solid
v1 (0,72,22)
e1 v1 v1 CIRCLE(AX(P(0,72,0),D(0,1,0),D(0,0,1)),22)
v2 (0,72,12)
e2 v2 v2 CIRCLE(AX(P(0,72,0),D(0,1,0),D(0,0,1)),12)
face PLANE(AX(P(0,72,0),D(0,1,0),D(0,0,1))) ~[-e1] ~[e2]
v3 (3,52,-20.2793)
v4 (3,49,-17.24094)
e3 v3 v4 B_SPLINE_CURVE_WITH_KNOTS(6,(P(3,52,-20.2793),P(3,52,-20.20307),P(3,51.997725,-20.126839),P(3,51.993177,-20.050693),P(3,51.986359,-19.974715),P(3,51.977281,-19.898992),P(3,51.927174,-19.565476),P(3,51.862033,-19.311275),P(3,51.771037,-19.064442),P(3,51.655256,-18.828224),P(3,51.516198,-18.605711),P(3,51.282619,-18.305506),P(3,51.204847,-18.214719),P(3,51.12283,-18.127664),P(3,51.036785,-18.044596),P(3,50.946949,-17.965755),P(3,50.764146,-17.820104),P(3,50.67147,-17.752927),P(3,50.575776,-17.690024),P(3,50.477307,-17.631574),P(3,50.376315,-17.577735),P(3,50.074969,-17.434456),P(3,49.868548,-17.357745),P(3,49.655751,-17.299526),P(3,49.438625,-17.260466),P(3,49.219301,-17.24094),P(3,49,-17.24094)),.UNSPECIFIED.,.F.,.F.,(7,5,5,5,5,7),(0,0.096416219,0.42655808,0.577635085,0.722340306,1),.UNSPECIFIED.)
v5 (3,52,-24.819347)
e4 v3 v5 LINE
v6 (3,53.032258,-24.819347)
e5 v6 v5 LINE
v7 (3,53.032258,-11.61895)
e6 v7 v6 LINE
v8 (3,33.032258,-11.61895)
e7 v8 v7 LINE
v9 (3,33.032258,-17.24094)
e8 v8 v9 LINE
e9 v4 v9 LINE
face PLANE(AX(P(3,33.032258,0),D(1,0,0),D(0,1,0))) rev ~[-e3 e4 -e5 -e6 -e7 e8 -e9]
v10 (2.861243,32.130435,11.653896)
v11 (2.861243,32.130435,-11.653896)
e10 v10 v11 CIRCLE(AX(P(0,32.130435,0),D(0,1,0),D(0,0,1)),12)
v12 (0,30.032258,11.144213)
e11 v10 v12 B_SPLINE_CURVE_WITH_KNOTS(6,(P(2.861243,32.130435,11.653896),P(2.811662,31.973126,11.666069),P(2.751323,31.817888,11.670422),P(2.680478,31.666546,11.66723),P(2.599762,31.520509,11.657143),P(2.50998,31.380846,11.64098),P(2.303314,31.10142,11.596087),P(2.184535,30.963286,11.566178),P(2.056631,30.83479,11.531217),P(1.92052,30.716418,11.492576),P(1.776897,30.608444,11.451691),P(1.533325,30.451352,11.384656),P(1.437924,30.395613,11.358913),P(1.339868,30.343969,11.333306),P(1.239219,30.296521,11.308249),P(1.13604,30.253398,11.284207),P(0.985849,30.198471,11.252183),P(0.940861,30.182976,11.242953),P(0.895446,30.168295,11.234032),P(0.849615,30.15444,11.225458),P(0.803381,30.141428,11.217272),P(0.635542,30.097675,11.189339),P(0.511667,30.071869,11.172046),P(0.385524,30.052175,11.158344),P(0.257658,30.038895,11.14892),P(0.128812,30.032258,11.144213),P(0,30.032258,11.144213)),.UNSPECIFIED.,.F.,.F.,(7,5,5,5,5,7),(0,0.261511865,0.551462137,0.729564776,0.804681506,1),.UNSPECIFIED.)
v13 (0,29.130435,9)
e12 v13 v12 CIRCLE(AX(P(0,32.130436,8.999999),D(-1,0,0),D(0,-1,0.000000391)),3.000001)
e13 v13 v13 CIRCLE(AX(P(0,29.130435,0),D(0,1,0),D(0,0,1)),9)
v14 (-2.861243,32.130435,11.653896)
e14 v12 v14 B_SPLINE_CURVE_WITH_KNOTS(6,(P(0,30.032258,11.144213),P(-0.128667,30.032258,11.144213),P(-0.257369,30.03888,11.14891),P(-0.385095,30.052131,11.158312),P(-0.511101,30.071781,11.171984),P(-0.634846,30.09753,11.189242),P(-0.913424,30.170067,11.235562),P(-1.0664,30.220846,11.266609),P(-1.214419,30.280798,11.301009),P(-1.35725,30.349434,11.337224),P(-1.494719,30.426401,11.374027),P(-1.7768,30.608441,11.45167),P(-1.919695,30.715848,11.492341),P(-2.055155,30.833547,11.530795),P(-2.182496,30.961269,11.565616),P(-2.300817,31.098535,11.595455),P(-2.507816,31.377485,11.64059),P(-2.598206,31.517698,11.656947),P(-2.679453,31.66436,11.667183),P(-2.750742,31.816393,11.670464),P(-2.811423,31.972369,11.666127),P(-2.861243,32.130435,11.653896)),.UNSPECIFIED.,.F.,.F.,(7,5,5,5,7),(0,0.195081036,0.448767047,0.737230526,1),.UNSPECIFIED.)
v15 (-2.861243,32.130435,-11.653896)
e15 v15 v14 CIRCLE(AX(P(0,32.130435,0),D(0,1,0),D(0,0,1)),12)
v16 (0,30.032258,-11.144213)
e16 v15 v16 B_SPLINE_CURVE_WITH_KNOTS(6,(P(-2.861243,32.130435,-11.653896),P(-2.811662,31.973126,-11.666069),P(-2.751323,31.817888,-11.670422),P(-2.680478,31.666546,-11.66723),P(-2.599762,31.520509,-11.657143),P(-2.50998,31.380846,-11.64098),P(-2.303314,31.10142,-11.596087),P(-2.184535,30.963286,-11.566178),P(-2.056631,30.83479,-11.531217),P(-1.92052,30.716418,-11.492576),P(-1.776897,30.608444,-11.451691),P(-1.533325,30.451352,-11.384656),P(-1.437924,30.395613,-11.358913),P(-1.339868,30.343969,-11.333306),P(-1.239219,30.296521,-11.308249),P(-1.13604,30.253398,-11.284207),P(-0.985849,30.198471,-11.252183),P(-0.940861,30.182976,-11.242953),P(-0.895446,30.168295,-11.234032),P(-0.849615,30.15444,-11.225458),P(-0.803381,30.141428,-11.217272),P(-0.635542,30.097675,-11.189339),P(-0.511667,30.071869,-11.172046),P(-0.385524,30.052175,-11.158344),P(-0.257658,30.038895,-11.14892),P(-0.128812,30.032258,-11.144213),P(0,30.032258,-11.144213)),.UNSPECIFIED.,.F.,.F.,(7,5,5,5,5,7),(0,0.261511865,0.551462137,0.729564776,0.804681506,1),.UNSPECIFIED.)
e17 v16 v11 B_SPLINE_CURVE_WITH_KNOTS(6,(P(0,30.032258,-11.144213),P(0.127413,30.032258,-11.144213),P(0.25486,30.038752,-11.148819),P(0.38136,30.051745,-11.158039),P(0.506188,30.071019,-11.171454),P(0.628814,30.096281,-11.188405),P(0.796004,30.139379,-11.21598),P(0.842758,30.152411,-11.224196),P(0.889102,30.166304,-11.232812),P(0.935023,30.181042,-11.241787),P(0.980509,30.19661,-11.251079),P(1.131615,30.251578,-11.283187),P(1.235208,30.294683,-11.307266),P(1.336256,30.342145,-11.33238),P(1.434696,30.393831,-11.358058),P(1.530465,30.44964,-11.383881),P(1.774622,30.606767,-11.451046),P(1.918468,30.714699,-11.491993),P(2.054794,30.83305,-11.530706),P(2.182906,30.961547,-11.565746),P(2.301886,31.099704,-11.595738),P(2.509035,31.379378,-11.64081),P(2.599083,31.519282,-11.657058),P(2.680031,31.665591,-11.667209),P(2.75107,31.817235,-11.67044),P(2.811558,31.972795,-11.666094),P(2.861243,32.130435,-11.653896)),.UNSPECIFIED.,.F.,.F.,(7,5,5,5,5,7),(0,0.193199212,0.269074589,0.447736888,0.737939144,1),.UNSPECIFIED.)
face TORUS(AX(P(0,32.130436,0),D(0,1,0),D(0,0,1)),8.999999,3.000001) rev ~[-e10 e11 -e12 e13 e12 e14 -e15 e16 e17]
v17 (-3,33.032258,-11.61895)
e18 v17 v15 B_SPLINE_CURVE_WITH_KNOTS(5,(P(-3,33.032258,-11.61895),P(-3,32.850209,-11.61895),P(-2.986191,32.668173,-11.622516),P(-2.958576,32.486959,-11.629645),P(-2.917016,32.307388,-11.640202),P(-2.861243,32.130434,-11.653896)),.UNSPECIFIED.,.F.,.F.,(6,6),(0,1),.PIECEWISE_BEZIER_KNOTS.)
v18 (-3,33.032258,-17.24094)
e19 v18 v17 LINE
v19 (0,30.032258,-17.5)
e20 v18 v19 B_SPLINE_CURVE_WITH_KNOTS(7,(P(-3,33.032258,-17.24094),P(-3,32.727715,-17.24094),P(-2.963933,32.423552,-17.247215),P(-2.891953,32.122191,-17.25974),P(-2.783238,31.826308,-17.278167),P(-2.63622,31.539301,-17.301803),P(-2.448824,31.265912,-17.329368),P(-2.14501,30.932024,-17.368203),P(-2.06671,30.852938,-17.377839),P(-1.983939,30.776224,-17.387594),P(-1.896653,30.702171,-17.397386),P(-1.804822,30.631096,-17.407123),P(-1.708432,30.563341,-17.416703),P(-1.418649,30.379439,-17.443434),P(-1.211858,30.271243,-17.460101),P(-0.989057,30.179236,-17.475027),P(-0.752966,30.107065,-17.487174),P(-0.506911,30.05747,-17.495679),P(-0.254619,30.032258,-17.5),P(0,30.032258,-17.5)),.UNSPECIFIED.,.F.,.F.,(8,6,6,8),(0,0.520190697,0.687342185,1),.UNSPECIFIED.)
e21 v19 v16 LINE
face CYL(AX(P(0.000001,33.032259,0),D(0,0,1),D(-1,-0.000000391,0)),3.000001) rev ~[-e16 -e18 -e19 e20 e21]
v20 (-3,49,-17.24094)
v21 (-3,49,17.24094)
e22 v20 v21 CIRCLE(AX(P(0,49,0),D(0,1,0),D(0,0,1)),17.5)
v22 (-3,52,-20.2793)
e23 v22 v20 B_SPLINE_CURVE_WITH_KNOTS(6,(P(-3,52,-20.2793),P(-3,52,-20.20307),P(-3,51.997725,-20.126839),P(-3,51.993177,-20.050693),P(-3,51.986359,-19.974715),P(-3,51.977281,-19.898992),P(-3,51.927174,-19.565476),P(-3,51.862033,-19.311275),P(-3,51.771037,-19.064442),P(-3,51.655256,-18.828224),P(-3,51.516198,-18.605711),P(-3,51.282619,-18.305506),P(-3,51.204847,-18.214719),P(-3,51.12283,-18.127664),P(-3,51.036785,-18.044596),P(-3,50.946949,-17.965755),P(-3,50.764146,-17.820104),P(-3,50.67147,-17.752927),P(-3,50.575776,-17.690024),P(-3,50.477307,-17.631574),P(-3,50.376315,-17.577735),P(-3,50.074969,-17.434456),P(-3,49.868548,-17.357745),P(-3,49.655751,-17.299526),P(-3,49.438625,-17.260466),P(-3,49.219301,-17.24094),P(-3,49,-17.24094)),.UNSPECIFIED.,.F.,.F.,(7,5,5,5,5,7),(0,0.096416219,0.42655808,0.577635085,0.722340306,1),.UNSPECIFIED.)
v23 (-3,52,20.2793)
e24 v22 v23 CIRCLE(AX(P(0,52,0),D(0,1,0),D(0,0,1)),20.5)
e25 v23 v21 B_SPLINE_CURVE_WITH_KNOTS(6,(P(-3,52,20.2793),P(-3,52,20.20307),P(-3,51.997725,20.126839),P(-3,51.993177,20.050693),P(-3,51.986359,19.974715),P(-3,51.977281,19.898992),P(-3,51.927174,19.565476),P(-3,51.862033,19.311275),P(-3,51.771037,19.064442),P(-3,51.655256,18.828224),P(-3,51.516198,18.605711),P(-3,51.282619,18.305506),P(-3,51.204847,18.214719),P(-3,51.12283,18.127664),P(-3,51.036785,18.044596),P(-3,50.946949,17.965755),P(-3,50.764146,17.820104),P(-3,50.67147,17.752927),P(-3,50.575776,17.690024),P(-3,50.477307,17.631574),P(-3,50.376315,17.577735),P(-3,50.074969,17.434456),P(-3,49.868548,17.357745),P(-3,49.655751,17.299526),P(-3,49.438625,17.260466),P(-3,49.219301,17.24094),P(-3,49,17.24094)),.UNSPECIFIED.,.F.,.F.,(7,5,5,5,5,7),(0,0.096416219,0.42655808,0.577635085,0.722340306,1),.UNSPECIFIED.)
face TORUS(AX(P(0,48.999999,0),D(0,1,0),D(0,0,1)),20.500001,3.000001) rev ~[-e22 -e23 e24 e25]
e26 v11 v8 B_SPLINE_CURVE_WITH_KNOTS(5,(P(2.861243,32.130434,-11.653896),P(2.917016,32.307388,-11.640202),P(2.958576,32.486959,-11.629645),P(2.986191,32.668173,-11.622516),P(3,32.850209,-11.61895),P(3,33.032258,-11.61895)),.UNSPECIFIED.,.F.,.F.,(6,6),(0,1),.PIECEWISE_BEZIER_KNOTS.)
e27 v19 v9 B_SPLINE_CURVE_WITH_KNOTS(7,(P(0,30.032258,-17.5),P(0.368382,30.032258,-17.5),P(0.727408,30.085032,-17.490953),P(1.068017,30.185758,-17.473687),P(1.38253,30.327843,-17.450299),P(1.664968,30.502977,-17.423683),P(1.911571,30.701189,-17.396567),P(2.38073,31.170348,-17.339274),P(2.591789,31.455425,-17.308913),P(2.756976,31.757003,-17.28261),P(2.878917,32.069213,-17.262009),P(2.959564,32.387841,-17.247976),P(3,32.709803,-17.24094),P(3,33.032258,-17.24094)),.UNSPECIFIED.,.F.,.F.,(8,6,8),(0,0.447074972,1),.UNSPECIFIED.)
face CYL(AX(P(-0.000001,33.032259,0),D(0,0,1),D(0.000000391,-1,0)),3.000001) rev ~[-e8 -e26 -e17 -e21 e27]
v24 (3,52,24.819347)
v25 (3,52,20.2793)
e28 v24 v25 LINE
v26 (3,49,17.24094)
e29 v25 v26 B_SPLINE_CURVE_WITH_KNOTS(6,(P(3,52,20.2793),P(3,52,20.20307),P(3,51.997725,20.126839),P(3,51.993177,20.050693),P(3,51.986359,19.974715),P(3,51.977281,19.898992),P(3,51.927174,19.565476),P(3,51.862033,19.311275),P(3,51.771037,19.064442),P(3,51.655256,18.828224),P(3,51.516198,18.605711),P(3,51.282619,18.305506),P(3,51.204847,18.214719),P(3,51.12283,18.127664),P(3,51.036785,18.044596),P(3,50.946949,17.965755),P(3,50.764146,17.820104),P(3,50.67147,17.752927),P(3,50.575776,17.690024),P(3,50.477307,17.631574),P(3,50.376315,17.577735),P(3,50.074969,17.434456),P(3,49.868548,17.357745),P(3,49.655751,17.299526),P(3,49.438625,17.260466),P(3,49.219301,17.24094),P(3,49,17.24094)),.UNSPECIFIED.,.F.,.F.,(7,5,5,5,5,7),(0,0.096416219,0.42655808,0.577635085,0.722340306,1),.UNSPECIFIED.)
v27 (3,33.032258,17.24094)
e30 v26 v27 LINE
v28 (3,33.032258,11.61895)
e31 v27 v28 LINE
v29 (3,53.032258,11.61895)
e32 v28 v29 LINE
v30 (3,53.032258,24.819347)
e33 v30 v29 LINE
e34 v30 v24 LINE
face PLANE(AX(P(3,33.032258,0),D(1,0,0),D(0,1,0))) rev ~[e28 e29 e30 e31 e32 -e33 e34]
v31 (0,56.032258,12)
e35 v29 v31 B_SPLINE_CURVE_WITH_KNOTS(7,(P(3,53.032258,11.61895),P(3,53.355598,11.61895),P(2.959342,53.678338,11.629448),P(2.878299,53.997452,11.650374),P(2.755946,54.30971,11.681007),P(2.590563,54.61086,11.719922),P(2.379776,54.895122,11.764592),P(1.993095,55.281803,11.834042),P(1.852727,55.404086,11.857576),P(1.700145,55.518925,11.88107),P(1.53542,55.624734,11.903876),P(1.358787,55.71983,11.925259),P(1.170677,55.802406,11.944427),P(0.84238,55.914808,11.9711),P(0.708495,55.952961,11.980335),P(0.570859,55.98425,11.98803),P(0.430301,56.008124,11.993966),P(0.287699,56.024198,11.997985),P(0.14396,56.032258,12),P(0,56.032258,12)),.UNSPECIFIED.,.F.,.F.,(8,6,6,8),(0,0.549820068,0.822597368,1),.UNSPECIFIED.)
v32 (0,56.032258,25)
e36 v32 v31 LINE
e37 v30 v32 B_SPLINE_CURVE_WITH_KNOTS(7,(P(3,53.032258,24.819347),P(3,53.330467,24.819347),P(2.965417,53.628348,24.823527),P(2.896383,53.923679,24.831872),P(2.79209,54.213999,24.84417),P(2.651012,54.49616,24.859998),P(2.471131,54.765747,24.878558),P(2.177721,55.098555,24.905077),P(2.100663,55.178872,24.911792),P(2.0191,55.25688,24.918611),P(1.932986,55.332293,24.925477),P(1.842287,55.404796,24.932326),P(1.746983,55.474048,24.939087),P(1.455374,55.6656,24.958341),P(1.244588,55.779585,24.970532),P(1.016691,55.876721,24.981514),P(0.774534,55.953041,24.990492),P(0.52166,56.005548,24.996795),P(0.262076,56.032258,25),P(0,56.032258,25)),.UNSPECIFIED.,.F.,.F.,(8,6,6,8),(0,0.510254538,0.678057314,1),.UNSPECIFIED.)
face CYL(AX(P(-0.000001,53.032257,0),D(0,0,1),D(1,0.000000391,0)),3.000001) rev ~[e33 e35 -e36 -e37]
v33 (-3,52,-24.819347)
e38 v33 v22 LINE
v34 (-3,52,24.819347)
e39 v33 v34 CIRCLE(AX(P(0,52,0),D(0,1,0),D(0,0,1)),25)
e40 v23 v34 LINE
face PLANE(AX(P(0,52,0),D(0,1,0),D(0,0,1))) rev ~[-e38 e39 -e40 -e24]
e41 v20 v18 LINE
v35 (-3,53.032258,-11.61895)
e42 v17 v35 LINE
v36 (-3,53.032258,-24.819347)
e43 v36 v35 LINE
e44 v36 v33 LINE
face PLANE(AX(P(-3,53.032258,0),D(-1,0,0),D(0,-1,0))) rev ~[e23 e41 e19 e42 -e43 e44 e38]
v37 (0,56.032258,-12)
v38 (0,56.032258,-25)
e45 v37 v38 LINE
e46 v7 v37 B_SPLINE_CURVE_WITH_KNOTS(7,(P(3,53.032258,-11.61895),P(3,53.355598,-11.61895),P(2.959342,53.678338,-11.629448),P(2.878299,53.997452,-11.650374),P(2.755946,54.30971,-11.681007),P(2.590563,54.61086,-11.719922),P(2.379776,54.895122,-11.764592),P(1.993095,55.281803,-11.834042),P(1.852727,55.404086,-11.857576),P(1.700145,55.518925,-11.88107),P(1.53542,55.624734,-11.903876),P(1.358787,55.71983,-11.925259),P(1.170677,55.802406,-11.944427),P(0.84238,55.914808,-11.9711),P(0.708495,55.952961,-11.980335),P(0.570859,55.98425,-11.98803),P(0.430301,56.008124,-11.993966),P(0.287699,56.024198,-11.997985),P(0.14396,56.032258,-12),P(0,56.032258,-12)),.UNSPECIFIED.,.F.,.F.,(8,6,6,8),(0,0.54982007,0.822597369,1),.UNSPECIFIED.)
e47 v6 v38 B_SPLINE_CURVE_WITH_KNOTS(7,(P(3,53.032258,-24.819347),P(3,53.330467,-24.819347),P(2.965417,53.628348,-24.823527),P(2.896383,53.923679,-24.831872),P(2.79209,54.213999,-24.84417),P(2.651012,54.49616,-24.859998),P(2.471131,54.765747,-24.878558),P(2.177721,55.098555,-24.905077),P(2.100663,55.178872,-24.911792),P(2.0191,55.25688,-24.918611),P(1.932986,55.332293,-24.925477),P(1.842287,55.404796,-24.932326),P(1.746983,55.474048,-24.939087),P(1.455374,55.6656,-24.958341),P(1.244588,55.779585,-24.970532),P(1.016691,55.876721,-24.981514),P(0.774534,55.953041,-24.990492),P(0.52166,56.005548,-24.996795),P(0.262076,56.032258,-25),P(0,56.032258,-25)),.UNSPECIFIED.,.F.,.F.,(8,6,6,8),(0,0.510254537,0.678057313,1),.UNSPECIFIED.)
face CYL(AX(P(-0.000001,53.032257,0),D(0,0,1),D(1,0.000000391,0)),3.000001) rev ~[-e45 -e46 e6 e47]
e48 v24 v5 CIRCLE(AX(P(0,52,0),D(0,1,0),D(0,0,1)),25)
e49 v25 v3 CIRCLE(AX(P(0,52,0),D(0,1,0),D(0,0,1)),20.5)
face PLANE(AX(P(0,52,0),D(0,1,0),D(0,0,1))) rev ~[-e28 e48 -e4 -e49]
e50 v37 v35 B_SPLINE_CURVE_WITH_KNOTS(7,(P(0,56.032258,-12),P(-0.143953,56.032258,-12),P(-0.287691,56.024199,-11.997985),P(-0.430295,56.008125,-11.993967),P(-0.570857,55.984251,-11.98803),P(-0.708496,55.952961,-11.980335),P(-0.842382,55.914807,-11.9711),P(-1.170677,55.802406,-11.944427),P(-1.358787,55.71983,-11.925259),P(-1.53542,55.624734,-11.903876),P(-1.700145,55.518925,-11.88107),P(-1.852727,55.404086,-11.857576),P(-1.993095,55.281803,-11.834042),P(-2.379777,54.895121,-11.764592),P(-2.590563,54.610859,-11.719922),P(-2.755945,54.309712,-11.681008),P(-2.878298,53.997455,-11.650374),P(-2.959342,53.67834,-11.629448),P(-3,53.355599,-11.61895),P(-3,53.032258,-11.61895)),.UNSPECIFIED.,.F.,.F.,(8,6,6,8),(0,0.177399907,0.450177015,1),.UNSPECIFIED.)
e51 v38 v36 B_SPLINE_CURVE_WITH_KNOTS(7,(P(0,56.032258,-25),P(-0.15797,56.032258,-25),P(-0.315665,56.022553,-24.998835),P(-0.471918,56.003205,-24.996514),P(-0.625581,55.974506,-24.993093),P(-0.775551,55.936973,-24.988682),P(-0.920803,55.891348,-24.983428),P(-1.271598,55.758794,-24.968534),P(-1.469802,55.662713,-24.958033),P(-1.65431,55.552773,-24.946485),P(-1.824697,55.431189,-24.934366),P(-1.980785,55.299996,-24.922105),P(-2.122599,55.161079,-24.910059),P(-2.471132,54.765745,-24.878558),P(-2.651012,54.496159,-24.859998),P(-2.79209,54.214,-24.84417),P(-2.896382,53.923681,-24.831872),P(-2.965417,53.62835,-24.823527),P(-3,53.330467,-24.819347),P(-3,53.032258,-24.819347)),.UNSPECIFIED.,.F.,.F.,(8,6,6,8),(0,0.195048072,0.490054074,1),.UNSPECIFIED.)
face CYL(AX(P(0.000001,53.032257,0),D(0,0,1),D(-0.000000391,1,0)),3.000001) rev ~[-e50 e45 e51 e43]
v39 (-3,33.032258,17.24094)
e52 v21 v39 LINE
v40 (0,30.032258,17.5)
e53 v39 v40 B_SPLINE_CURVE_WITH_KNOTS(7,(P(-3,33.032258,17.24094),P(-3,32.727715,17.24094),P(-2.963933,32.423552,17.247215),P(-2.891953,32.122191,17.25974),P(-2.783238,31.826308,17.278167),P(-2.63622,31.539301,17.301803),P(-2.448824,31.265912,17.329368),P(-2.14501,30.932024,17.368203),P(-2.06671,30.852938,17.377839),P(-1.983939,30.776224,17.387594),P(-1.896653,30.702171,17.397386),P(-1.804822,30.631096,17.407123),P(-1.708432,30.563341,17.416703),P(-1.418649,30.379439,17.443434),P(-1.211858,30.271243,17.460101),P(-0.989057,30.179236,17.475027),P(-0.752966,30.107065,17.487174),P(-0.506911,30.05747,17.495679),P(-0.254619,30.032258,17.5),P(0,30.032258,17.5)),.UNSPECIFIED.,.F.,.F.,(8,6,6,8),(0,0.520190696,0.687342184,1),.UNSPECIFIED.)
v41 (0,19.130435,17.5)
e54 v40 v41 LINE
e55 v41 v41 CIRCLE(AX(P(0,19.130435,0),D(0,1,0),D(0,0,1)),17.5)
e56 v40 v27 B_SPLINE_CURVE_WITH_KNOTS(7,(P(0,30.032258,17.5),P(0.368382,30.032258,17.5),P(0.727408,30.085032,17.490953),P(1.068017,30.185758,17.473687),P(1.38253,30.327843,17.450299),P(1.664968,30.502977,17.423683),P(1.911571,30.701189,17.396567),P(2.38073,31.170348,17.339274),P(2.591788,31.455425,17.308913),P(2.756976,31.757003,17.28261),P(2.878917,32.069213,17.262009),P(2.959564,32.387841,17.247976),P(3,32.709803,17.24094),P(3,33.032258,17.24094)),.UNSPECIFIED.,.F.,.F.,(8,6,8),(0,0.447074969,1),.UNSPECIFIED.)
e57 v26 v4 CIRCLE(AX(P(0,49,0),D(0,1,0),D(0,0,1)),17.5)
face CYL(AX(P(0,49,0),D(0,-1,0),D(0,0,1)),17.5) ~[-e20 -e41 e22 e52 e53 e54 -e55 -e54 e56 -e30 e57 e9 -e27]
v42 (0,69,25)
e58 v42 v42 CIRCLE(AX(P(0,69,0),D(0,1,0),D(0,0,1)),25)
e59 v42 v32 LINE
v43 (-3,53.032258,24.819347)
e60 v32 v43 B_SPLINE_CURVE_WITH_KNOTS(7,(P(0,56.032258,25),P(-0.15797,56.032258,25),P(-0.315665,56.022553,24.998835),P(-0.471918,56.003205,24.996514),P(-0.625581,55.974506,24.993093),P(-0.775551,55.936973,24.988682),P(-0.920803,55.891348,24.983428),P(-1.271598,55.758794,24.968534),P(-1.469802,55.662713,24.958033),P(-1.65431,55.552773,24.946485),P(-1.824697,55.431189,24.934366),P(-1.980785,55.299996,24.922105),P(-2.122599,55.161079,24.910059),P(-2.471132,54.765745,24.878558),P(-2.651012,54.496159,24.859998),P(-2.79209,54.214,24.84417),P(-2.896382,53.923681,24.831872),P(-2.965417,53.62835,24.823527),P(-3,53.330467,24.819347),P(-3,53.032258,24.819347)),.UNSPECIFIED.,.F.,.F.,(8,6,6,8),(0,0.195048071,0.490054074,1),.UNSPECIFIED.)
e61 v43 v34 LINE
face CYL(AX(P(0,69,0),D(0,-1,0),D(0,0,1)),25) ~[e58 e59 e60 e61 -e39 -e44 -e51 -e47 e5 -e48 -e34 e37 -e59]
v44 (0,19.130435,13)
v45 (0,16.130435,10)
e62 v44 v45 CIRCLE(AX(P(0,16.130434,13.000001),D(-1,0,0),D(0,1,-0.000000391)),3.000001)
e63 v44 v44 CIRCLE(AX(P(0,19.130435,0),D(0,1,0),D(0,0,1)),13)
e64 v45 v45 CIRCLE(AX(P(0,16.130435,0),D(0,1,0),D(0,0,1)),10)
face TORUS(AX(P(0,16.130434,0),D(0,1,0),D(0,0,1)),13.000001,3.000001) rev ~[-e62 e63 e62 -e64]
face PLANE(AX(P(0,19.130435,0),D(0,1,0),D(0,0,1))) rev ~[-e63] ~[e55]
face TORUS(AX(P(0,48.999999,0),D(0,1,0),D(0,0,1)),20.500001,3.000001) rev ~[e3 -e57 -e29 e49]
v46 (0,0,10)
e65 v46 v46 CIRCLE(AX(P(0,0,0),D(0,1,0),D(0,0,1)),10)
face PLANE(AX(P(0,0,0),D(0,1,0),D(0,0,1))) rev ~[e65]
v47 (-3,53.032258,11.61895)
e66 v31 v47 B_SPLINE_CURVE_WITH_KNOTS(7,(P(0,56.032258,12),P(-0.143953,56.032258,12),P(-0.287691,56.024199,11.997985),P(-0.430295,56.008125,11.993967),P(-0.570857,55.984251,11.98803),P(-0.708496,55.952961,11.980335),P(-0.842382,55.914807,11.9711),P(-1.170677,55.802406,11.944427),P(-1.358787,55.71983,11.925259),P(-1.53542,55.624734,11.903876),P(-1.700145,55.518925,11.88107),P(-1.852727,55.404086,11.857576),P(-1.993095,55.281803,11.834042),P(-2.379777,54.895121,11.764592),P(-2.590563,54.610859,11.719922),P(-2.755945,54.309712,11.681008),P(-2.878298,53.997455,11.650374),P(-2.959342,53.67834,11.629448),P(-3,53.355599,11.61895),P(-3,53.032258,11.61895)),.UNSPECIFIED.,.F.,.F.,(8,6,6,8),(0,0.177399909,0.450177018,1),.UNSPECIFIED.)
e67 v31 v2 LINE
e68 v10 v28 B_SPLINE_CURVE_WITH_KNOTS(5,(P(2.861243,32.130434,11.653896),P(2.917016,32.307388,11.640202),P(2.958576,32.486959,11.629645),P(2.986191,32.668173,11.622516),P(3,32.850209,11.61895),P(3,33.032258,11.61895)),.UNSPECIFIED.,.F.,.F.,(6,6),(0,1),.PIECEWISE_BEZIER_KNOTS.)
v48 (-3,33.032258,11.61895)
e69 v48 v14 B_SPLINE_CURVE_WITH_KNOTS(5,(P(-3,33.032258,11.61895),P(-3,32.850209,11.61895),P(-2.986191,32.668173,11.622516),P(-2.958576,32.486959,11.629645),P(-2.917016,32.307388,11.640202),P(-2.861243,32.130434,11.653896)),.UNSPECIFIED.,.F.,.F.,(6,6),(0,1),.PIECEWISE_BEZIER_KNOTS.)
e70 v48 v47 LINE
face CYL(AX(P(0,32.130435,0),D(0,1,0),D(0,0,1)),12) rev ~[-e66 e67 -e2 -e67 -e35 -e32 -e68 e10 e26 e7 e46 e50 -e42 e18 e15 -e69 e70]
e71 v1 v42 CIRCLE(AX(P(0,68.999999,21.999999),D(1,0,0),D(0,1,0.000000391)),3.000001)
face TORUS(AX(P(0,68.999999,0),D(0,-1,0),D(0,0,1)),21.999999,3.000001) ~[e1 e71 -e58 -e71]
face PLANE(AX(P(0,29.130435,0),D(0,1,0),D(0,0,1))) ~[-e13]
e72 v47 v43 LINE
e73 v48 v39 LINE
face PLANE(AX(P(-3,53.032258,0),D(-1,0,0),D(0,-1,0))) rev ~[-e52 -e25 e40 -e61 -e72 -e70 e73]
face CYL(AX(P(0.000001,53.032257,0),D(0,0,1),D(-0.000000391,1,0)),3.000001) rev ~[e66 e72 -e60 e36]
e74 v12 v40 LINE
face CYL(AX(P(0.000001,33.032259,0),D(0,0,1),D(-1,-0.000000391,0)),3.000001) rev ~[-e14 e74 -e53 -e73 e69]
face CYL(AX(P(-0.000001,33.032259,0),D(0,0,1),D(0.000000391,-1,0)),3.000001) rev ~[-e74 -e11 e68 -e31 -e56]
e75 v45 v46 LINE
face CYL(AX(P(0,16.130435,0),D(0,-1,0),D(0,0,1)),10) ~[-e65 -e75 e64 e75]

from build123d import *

# Parameters (mm, degrees)
F3_DEPTH = 32.5


with BuildPart() as f1:
    # F0 (on Right) → F1 (revolve)
    with BuildSketch(Plane.YZ):
        with BuildLine():
            Line((0, 10), (0, 0))
            Line((0, 0), (29.130435, 0))
            Line((29.130435, 0), (29.130435, 9))
            ThreePointArc((29.130435, 9), (30.009115, 11.12132), (32.130435, 12))
            Line((32.130435, 12), (72, 12))
            Line((72, 12), (72, 22))
            ThreePointArc((72, 22), (71.12132, 24.12132), (69, 25))
            Line((69, 25), (52, 25))
            Line((52, 25), (52, 20.5))
            ThreePointArc((52, 20.5), (51.12132, 18.37868), (49, 17.5))
            Line((49, 17.5), (19.130435, 17.5))
            Line((19.130435, 17.5), (19.130435, 13))
            ThreePointArc((19.130435, 13), (18.251755, 10.87868), (16.130435, 10))
            Line((16.130435, 10), (0, 10))
        make_face()
    revolve(axis=Axis((0, 14.565218, 0), (0, 1, 0)))

    # F2 (on Top) → F3 (cut, symmetric)
    with BuildSketch(Plane.XY):
        with BuildLine():
            ThreePointArc((0, 56.032258), (-2.12132, 55.153578), (-3, 53.032258))
            Line((-3, 53.032258), (-3, 33.032258))
            ThreePointArc((-3, 33.032258), (-2.12132, 30.910938), (0, 30.032258))
            ThreePointArc((0, 30.032258), (2.12132, 30.910938), (3, 33.032258))
            Line((3, 33.032258), (3, 53.032258))
            ThreePointArc((3, 53.032258), (2.12132, 55.153578), (0, 56.032258))
        make_face()
    extrude(amount=F3_DEPTH, both=True, mode=Mode.SUBTRACT)


solid = f1.part
